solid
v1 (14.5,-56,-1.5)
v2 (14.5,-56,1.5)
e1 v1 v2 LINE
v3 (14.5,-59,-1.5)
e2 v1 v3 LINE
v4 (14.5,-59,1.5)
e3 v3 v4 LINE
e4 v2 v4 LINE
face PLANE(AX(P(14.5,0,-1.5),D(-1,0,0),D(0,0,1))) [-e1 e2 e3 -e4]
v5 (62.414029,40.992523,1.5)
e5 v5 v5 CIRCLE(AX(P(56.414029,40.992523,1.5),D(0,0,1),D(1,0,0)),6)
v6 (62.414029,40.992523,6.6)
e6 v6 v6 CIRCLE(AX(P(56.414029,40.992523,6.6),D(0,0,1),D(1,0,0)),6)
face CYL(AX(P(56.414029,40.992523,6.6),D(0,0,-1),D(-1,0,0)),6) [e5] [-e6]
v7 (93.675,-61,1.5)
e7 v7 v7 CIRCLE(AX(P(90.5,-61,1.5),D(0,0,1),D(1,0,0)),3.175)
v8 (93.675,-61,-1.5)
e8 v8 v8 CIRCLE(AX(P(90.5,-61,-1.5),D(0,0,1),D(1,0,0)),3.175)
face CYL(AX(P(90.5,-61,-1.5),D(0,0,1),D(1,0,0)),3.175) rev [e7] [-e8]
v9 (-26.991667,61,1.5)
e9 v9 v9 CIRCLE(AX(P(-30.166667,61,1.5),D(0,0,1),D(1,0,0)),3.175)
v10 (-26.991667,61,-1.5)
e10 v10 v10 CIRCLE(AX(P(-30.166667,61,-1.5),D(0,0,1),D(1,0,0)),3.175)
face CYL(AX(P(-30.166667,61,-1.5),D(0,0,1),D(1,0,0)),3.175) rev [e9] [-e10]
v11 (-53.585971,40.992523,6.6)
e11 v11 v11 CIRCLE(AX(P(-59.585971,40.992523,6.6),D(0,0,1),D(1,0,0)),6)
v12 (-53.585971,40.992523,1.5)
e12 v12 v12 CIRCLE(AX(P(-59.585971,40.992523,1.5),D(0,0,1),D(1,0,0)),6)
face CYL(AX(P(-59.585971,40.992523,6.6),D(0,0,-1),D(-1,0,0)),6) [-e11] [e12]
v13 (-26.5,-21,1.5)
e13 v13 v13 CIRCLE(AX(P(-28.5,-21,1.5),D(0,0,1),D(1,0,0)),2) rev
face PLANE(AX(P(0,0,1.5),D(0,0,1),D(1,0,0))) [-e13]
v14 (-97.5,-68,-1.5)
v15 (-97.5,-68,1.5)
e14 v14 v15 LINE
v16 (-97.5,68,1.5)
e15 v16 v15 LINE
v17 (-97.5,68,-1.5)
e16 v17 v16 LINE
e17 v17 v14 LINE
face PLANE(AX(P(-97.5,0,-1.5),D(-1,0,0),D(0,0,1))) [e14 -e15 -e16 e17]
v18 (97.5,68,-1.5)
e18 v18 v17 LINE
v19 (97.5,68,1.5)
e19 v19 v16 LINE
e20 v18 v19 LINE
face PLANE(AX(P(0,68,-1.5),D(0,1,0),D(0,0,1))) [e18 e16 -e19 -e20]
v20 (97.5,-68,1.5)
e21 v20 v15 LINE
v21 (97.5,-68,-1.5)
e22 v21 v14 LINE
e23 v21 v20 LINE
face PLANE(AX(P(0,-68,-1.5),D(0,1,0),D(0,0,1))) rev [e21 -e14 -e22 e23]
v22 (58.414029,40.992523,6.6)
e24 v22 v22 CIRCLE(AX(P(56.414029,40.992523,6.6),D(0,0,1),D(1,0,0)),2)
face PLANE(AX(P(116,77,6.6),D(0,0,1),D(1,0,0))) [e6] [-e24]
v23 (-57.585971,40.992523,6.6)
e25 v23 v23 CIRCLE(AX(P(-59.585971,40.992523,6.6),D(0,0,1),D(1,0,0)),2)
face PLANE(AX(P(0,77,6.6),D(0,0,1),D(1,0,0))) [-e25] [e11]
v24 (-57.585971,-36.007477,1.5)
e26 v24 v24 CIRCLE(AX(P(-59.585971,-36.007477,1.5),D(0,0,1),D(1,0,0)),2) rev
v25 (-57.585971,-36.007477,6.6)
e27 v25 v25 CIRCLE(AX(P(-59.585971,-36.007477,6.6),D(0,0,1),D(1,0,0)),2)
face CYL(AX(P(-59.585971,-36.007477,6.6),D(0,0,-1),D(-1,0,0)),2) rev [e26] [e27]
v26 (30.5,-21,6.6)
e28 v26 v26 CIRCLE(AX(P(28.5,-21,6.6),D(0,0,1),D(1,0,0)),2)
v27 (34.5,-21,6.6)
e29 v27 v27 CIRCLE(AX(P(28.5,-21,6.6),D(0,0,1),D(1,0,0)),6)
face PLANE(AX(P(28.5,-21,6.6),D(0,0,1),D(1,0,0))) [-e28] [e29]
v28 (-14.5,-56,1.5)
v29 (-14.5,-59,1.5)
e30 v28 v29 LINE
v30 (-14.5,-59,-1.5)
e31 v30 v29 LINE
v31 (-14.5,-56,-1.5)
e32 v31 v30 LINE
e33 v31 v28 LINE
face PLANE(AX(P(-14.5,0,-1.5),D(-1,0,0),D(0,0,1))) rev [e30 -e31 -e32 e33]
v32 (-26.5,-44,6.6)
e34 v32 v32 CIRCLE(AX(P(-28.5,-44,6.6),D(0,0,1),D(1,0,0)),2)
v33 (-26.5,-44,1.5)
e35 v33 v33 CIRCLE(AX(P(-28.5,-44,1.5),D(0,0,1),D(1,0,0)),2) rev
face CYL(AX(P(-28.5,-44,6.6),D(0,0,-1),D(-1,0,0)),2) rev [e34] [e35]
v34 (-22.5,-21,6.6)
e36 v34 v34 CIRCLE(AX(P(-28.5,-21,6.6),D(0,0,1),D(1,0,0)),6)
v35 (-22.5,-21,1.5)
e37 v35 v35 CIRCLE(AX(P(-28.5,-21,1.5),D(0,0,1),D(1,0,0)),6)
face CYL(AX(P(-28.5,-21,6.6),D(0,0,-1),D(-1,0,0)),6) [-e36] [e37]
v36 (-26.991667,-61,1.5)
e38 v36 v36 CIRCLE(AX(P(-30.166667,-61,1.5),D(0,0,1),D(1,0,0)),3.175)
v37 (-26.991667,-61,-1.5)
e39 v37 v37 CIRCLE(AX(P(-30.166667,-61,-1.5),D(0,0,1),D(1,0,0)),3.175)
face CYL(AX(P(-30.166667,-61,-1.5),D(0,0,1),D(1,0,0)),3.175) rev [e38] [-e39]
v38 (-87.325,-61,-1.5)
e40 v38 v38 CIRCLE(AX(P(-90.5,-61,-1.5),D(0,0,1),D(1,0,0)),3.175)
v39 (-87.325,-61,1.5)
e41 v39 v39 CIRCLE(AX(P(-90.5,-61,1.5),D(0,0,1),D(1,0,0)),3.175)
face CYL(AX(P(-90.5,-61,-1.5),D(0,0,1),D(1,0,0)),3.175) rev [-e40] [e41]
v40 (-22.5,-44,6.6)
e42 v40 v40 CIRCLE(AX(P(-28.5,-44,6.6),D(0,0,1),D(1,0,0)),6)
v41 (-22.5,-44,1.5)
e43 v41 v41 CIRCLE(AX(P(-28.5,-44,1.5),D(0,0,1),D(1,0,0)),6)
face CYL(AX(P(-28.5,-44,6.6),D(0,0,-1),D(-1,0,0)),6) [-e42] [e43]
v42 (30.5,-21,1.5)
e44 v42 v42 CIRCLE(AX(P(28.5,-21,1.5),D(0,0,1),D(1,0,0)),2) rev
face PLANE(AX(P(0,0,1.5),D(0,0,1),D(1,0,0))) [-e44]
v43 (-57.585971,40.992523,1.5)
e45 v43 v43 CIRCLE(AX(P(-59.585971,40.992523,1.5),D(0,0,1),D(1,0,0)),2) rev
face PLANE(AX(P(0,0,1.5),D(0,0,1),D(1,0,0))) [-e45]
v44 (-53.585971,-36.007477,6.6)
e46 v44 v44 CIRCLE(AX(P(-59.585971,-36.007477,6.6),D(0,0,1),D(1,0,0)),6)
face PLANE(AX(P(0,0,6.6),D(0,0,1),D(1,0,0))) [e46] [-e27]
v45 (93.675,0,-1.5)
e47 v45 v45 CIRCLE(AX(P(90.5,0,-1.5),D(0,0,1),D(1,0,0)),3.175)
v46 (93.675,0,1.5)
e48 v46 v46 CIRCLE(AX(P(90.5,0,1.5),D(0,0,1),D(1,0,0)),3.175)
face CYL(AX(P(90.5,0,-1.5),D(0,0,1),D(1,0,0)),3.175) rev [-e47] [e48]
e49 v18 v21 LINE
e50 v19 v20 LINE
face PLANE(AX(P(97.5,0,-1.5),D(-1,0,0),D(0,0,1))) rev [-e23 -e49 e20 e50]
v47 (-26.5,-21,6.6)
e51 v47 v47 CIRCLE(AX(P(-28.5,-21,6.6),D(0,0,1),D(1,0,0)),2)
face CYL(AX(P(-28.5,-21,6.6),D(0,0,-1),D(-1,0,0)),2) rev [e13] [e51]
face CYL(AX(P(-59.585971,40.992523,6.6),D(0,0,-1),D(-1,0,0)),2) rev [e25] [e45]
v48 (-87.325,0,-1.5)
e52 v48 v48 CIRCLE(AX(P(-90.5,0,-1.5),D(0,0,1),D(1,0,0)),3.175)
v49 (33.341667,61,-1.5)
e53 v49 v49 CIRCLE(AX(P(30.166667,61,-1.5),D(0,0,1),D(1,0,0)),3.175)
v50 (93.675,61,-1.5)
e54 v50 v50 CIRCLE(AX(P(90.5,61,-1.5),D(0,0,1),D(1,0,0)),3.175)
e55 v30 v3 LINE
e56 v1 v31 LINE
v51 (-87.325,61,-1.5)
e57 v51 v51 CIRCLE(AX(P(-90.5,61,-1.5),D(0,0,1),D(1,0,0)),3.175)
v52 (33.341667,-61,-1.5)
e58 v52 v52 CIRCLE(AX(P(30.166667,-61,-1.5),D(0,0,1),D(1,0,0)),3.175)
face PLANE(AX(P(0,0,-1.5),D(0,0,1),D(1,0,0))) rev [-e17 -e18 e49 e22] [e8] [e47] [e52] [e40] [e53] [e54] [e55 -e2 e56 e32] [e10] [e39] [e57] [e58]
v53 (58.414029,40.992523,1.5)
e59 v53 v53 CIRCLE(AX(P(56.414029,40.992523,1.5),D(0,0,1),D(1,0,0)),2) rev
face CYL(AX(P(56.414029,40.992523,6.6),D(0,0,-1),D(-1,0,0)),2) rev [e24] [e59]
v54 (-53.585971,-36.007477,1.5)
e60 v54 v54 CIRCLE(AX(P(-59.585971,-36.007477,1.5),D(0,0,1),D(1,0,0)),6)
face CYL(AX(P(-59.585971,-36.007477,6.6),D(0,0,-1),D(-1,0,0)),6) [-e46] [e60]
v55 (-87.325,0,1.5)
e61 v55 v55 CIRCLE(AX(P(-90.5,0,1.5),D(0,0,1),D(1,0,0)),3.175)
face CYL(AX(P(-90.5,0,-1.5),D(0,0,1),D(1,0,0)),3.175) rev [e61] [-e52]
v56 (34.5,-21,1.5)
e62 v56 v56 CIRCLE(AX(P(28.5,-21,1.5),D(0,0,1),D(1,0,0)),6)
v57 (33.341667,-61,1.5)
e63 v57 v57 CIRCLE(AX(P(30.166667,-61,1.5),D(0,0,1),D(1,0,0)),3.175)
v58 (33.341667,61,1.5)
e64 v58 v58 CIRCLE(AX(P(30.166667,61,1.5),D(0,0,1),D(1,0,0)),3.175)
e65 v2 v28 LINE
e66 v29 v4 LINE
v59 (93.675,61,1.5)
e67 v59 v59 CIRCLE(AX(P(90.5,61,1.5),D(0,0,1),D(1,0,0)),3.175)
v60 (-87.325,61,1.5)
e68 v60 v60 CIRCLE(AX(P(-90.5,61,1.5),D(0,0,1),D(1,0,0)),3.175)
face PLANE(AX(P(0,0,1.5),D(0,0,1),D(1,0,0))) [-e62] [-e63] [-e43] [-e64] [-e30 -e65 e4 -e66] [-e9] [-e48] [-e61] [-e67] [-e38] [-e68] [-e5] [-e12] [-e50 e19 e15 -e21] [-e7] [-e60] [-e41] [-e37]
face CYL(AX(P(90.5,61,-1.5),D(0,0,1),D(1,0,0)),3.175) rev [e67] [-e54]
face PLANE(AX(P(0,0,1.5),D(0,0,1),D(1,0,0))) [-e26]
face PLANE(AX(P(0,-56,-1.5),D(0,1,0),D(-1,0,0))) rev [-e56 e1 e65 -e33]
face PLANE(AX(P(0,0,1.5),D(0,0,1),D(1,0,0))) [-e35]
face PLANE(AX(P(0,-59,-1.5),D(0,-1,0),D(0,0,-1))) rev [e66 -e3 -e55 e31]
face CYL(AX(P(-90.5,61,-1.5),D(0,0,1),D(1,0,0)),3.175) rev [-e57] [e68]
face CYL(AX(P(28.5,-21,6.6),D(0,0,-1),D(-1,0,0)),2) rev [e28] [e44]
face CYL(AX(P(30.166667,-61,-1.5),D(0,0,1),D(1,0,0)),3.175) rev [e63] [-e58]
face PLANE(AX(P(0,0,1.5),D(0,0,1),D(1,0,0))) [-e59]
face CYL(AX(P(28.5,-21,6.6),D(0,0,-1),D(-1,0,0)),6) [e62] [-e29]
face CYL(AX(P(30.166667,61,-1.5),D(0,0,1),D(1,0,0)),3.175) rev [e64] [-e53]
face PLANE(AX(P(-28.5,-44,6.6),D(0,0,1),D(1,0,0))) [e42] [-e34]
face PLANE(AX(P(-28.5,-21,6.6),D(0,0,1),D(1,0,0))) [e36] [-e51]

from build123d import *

# Parameters (mm, degrees)
SKETCH1_W           = 195
SKETCH1_H           = 136
SKETCH1_W_2         = 29
SKETCH1_H_2         = 3
BOSS_EXTRUDE1_DEPTH = 1.5
SKETCH1_3_W         = 195
SKETCH1_3_H         = 136
SKETCH1_3_W_2       = 29
SKETCH1_3_H_2       = 3
BOSS_EXTRUDE2_DEPTH = 1.5
SKETCH2_R           = 3.175
CUT_EXTRUDE1_DEPTH  = 119.908578328
SKETCH3_R           = 6
SKETCH3_R_2         = 2
BOSS_EXTRUDE3_DEPTH = 5.1
SKETCH4_R           = 6
SKETCH4_R_2         = 2
BOSS_EXTRUDE6_DEPTH = 5.1


with BuildPart() as part:
    # Sketch1 → Boss-Extrude1 (new body)
    with BuildSketch(Plane.XY):
        Rectangle(SKETCH1_W, SKETCH1_H)
        with Locations((0, -57.5)):
            Rectangle(SKETCH1_W_2, SKETCH1_H_2, mode=Mode.SUBTRACT)
    extrude(amount=-BOSS_EXTRUDE1_DEPTH)

    # Sketch1<3> → Boss-Extrude2 (add)
    with BuildSketch(Plane.XY):
        Rectangle(SKETCH1_3_W, SKETCH1_3_H)
        with Locations((0, -57.5)):
            Rectangle(SKETCH1_3_W_2, SKETCH1_3_H_2, mode=Mode.SUBTRACT)
    extrude(amount=BOSS_EXTRUDE2_DEPTH)

    # Sketch2 → Cut-Extrude1 (cut, through all)
    with BuildSketch(Plane.XY.offset(1.5)):
        with Locations((-90.5, 61)):
            Circle(SKETCH2_R)
        with Locations((90.5, 61)):
            Circle(SKETCH2_R)
        with Locations((90.5, -61)):
            Circle(SKETCH2_R)
        with Locations((-90.5, -61)):
            Circle(SKETCH2_R)
        with Locations((-90.5, 0)):
            Circle(SKETCH2_R)
        with Locations((30.166666667, 61)):
            Circle(SKETCH2_R)
        with Locations((90.5, 0)):
            Circle(SKETCH2_R)
        with Locations((30.166666667, -61)):
            Circle(SKETCH2_R)
        with Locations((-30.166666667, -61)):
            Circle(SKETCH2_R)
        with Locations((-30.166666667, 61)):
            Circle(SKETCH2_R)
    extrude(amount=-CUT_EXTRUDE1_DEPTH, mode=Mode.SUBTRACT)

    # Sketch3 → Boss-Extrude3 (add)
    with BuildSketch(Plane.XY.offset(1.5)):
        with Locations((-28.5, -44)):
            Circle(SKETCH3_R)
        with Locations((-28.5, -44)):
            Circle(SKETCH3_R_2, mode=Mode.SUBTRACT)
    boss_extrude3 = extrude(amount=BOSS_EXTRUDE3_DEPTH)

    # Sketch-Pattern1: Boss-Extrude3 at 2 more places
    with Locations((0, 23, 0), (57, 23, 0)):
        add(boss_extrude3)

    # Sketch4 → Boss-Extrude6 (add)
    with BuildSketch(Plane.XY.offset(1.5)):
        with Locations((-59.585970737, -36.007477459)):
            Circle(SKETCH4_R)
        with Locations((-59.585970737, -36.007477459)):
            Circle(SKETCH4_R_2, mode=Mode.SUBTRACT)
    boss_extrude6 = extrude(amount=BOSS_EXTRUDE6_DEPTH)

    # Sketch-Pattern2: Boss-Extrude6 at 2 more places
    with Locations((0, 77, 0), (116, 77, 0)):
        add(boss_extrude6)


solid = part.part
